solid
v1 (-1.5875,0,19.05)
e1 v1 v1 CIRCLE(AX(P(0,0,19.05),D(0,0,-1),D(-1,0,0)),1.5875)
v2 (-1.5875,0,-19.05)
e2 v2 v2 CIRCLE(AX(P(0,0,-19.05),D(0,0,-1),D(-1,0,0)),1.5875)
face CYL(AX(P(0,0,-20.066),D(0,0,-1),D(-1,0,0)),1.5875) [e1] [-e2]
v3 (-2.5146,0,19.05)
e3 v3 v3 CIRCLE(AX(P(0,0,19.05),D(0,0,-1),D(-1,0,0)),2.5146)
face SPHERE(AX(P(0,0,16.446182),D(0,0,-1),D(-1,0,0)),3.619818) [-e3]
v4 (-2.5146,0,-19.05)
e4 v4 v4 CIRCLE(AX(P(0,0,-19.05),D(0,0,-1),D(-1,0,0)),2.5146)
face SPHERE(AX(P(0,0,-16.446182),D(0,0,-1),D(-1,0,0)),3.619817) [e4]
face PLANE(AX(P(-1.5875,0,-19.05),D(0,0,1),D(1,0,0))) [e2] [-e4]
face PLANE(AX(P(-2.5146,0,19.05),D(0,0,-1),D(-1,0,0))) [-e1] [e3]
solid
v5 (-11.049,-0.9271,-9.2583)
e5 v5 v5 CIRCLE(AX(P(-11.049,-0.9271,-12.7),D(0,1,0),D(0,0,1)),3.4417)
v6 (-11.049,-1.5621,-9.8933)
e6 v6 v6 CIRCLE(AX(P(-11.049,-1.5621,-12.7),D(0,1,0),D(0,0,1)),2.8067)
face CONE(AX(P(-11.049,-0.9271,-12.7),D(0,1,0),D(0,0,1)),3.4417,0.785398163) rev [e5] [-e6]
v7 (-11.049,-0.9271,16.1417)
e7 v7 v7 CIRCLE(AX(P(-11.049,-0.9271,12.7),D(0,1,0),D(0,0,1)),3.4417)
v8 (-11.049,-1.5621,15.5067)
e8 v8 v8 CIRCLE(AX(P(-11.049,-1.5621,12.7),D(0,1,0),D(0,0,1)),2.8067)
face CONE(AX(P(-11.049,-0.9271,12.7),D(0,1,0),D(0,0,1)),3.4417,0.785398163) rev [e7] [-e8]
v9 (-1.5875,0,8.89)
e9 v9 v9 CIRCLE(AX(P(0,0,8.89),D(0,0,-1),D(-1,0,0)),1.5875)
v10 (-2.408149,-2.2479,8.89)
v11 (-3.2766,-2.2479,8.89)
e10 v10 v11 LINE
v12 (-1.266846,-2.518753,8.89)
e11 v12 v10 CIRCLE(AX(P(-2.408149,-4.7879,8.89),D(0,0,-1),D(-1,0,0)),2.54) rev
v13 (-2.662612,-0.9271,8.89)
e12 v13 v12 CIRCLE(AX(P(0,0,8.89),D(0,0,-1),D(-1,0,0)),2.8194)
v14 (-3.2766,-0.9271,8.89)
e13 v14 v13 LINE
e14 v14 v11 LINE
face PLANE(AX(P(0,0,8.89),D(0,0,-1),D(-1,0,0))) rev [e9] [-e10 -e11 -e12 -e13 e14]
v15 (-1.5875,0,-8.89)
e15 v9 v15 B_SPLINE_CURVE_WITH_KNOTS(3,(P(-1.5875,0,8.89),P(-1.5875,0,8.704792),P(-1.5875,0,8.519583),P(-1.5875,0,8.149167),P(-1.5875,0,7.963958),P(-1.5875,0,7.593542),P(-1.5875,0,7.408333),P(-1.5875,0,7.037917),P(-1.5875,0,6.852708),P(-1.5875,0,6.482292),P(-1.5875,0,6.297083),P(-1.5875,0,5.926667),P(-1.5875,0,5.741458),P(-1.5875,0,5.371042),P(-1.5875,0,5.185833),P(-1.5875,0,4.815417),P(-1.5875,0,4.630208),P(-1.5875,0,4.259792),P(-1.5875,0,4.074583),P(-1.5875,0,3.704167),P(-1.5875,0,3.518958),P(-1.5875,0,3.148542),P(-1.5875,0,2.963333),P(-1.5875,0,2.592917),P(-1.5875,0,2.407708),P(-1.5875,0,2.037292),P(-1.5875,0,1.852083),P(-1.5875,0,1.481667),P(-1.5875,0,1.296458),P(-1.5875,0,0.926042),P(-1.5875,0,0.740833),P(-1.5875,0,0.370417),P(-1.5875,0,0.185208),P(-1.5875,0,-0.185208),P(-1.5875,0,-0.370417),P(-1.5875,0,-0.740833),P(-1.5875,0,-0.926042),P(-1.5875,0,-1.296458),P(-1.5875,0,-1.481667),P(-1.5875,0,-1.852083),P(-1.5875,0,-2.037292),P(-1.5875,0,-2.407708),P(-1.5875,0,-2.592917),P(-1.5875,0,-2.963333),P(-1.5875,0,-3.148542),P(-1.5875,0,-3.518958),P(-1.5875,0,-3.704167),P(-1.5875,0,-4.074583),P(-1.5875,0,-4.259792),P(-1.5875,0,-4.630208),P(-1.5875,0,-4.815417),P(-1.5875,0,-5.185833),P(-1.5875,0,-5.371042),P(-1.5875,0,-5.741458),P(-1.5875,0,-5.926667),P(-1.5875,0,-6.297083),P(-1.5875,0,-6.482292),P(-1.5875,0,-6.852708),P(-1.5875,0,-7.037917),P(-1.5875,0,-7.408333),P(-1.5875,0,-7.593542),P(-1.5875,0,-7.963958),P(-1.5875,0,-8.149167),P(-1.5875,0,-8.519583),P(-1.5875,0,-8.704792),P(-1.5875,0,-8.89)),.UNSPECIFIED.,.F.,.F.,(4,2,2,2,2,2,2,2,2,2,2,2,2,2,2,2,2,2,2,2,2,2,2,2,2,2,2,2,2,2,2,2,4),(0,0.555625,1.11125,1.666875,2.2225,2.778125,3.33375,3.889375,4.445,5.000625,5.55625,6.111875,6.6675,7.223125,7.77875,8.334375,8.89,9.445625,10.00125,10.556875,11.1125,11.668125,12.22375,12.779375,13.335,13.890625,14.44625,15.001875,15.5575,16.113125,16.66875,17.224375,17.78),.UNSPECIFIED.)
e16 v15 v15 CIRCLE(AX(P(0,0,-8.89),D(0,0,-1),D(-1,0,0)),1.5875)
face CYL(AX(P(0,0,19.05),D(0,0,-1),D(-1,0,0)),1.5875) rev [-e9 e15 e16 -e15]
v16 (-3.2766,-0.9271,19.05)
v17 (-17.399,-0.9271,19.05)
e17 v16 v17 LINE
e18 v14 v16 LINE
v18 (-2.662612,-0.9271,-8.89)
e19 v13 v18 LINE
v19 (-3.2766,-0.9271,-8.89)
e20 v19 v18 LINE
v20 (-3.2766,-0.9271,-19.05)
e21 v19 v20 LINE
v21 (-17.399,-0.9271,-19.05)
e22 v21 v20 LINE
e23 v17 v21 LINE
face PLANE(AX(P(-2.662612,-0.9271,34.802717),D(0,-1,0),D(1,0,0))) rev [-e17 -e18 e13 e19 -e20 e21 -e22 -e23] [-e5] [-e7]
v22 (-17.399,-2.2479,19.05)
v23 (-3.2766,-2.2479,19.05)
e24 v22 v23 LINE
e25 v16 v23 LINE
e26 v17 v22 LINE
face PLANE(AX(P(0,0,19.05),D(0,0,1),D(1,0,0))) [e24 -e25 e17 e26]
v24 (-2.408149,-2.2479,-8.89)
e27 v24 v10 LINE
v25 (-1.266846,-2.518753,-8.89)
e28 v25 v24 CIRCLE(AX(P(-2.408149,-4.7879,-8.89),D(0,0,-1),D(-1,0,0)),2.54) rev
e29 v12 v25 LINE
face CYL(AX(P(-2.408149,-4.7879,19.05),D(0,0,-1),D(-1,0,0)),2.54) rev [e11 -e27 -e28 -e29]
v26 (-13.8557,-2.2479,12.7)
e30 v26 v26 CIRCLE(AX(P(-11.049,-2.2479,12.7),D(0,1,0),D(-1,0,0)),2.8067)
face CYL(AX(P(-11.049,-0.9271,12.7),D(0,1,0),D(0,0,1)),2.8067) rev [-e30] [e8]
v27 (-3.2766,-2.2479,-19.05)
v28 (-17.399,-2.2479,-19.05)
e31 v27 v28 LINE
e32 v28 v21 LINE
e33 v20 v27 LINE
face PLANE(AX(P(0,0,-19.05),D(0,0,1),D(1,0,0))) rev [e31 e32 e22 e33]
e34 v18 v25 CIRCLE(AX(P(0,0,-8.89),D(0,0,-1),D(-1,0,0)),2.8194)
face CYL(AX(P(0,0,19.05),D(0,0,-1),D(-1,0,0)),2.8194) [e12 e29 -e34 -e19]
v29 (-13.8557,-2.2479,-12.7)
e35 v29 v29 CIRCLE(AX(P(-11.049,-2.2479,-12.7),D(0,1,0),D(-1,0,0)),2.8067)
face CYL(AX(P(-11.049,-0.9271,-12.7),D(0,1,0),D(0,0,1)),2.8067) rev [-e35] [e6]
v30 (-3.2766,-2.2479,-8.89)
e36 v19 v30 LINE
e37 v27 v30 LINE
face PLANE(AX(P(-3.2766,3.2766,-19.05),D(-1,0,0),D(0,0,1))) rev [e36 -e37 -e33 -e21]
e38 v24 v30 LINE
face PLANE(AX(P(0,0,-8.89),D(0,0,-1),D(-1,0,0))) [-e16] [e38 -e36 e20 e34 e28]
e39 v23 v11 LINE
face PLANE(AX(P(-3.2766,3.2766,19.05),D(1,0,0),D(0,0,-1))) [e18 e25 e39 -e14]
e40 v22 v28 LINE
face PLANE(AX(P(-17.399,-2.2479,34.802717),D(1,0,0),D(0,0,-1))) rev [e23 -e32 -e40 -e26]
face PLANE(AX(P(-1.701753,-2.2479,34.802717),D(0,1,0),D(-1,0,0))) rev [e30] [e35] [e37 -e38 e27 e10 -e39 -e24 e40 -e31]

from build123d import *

# Parameters (mm, degrees)
SKETCH2_R                       = 2.8194
SKETCH2_R_2                     = 1.5875
BOSS_EXTRUDE1_DEPTH             = 19.05
BOSS_EXTRUDE2_REACH             = 21.463
BOSS_EXTRUDE2_DIRECTION_2_REACH = 21.463
FILLET1_R                       = 2.54
CUT_EXTRUDE1_START              = 8.89
SKETCH4_W                       = 6.5532
SKETCH4_H                       = 6.5532
CUT_EXTRUDE1_DEPTH              = 18.063356572
CUT_EXTRUDE2_START              = -8.89
SKETCH4_2_W                     = 6.5532
SKETCH4_2_H                     = 6.5532
CUT_EXTRUDE2_DEPTH              = 18.063356572
F_10_CLEARANCE_HOLE1_AT_2_COUNT = 2
F_10_CLEARANCE_HOLE1_AT_2_PITCH = 25.4


with BuildPart() as part:
    # Sketch2 → Boss-Extrude1 (new, symmetric)
    with BuildSketch(Plane.XY):
        Circle(SKETCH2_R)
        Circle(SKETCH2_R_2, mode=Mode.SUBTRACT)
    extrude(amount=BOSS_EXTRUDE1_DEPTH, both=True)

    # Boss-Extrude2: up to this face of the body (flat: up to its plane)
    boss_extrude2_end = Plane(part.part.faces().sort_by_distance((-2.739655326, 0, 19.05))[0])
    # Sketch3 → Boss-Extrude2 (add, up to the picked face)
    with BuildSketch(Plane.XY, mode=Mode.PRIVATE) as boss_extrude2_sk1:
        with BuildLine():
            Line((-1.701752611, -2.2479), (-17.399, -2.2479))
            Line((-17.399, -2.2479), (-17.399, -0.9271))
            Line((-17.399, -0.9271), (-2.662611866, -0.9271))
            ThreePointArc((-2.662611866, -0.9271), (-2.279922692, -1.658604497), (-1.701752611, -2.2479))
        make_face()
    boss_extrude2_tool1 = split(extrude(boss_extrude2_sk1.sketch, amount=BOSS_EXTRUDE2_REACH, mode=Mode.PRIVATE), bisect_by=boss_extrude2_end, keep=Keep.BOTH, mode=Mode.PRIVATE)
    add(boss_extrude2_tool1.solids().sort_by(Axis((-9.838158, -1.594307, 0), (0, 0, 1)))[0])

    # Boss-Extrude2 direction 2: up to this face of the body (flat: up to its plane)
    boss_extrude2_direction_2_end = Plane(part.part.faces().sort_by_distance((-2.739655326, 0, -19.05))[0])
    # Sketch3 → Boss-Extrude2 direction 2 (add, up to the picked face)
    with BuildSketch(Plane.XY, mode=Mode.PRIVATE) as boss_extrude2_direction_2_sk1:
        with BuildLine():
            Line((-1.701752611, -2.2479), (-17.399, -2.2479))
            Line((-17.399, -2.2479), (-17.399, -0.9271))
            Line((-17.399, -0.9271), (-2.662611866, -0.9271))
            ThreePointArc((-2.662611866, -0.9271), (-2.279922692, -1.658604497), (-1.701752611, -2.2479))
        make_face()
    boss_extrude2_direction_2_tool1 = split(extrude(boss_extrude2_direction_2_sk1.sketch, amount=-BOSS_EXTRUDE2_DIRECTION_2_REACH, mode=Mode.PRIVATE), bisect_by=boss_extrude2_direction_2_end, keep=Keep.BOTH, mode=Mode.PRIVATE)
    add(boss_extrude2_direction_2_tool1.solids().sort_by(Axis((-9.838158, -1.594307, 0), (0, 0, -1)))[0])

    # Fillet1
    fillet1_edges = [part.edges().sort_by_distance(p)[0] for p in [
        (-1.701752611, -2.2479, 0),
    ]]
    fillet(fillet1_edges, radius=FILLET1_R)

    # Sketch4 → Cut-Extrude1 (cut, through all)
    with BuildSketch(Plane.XY.offset(CUT_EXTRUDE1_START)):
        Rectangle(SKETCH4_W, SKETCH4_H)
    extrude(amount=CUT_EXTRUDE1_DEPTH, mode=Mode.SUBTRACT)

    # Sketch4<2> → Cut-Extrude2 (cut, through all)
    with BuildSketch(Plane.XY.offset(CUT_EXTRUDE2_START)):
        Rectangle(SKETCH4_2_W, SKETCH4_2_H)
    extrude(amount=-CUT_EXTRUDE2_DEPTH, mode=Mode.SUBTRACT)

    # Sketch6 → #10 Clearance Hole1 (revolve, cut)
    with BuildSketch(Plane(origin=(-11.049, -0.9271, -12.7), x_dir=(0, 0, 1), z_dir=(1, 0, 0))):
        Polygon((0, 0), (0, 1.8923), (2.8067, 1.8923), (2.8067, 0.635), (3.4417, 0), align=None)
    f_10_clearance_hole1 = revolve(axis=Axis((-11.049, 5.4229, -12.7), (0, -1, 0)), mode=Mode.SUBTRACT)

    # #10 Clearance Hole1 at 2: #10 Clearance Hole1 ×2
    with Locations(*[(0, 0, i * F_10_CLEARANCE_HOLE1_AT_2_PITCH) for i in range(1, F_10_CLEARANCE_HOLE1_AT_2_COUNT)]):
        add(f_10_clearance_hole1, mode=Mode.SUBTRACT)


with BuildPart() as body_2:
    # Sketch8 → Revolve1 (revolve)
    with BuildSketch(Plane(origin=(0, 0, 0), x_dir=(1, 0, 0), z_dir=(0, 1, 0))):
        with BuildLine():
            Line((0, 20.066), (0, -20.066))
            ThreePointArc((0, -20.066), (-1.35604841, -19.802402315), (-2.5146, -19.05))
            Line((-2.5146, -19.05), (-1.5875, -19.05))
            Line((-1.5875, -19.05), (-1.5875, 19.05))
            Line((-1.5875, 19.05), (-2.5146, 19.05))
            ThreePointArc((-2.5146, 19.05), (-1.35604841, 19.802402315), (0, 20.066))
        make_face()
    revolve(axis=Axis((0, 0, -20.066), (0, 0, 1)))


solid = Compound([part.part, body_2.part])
